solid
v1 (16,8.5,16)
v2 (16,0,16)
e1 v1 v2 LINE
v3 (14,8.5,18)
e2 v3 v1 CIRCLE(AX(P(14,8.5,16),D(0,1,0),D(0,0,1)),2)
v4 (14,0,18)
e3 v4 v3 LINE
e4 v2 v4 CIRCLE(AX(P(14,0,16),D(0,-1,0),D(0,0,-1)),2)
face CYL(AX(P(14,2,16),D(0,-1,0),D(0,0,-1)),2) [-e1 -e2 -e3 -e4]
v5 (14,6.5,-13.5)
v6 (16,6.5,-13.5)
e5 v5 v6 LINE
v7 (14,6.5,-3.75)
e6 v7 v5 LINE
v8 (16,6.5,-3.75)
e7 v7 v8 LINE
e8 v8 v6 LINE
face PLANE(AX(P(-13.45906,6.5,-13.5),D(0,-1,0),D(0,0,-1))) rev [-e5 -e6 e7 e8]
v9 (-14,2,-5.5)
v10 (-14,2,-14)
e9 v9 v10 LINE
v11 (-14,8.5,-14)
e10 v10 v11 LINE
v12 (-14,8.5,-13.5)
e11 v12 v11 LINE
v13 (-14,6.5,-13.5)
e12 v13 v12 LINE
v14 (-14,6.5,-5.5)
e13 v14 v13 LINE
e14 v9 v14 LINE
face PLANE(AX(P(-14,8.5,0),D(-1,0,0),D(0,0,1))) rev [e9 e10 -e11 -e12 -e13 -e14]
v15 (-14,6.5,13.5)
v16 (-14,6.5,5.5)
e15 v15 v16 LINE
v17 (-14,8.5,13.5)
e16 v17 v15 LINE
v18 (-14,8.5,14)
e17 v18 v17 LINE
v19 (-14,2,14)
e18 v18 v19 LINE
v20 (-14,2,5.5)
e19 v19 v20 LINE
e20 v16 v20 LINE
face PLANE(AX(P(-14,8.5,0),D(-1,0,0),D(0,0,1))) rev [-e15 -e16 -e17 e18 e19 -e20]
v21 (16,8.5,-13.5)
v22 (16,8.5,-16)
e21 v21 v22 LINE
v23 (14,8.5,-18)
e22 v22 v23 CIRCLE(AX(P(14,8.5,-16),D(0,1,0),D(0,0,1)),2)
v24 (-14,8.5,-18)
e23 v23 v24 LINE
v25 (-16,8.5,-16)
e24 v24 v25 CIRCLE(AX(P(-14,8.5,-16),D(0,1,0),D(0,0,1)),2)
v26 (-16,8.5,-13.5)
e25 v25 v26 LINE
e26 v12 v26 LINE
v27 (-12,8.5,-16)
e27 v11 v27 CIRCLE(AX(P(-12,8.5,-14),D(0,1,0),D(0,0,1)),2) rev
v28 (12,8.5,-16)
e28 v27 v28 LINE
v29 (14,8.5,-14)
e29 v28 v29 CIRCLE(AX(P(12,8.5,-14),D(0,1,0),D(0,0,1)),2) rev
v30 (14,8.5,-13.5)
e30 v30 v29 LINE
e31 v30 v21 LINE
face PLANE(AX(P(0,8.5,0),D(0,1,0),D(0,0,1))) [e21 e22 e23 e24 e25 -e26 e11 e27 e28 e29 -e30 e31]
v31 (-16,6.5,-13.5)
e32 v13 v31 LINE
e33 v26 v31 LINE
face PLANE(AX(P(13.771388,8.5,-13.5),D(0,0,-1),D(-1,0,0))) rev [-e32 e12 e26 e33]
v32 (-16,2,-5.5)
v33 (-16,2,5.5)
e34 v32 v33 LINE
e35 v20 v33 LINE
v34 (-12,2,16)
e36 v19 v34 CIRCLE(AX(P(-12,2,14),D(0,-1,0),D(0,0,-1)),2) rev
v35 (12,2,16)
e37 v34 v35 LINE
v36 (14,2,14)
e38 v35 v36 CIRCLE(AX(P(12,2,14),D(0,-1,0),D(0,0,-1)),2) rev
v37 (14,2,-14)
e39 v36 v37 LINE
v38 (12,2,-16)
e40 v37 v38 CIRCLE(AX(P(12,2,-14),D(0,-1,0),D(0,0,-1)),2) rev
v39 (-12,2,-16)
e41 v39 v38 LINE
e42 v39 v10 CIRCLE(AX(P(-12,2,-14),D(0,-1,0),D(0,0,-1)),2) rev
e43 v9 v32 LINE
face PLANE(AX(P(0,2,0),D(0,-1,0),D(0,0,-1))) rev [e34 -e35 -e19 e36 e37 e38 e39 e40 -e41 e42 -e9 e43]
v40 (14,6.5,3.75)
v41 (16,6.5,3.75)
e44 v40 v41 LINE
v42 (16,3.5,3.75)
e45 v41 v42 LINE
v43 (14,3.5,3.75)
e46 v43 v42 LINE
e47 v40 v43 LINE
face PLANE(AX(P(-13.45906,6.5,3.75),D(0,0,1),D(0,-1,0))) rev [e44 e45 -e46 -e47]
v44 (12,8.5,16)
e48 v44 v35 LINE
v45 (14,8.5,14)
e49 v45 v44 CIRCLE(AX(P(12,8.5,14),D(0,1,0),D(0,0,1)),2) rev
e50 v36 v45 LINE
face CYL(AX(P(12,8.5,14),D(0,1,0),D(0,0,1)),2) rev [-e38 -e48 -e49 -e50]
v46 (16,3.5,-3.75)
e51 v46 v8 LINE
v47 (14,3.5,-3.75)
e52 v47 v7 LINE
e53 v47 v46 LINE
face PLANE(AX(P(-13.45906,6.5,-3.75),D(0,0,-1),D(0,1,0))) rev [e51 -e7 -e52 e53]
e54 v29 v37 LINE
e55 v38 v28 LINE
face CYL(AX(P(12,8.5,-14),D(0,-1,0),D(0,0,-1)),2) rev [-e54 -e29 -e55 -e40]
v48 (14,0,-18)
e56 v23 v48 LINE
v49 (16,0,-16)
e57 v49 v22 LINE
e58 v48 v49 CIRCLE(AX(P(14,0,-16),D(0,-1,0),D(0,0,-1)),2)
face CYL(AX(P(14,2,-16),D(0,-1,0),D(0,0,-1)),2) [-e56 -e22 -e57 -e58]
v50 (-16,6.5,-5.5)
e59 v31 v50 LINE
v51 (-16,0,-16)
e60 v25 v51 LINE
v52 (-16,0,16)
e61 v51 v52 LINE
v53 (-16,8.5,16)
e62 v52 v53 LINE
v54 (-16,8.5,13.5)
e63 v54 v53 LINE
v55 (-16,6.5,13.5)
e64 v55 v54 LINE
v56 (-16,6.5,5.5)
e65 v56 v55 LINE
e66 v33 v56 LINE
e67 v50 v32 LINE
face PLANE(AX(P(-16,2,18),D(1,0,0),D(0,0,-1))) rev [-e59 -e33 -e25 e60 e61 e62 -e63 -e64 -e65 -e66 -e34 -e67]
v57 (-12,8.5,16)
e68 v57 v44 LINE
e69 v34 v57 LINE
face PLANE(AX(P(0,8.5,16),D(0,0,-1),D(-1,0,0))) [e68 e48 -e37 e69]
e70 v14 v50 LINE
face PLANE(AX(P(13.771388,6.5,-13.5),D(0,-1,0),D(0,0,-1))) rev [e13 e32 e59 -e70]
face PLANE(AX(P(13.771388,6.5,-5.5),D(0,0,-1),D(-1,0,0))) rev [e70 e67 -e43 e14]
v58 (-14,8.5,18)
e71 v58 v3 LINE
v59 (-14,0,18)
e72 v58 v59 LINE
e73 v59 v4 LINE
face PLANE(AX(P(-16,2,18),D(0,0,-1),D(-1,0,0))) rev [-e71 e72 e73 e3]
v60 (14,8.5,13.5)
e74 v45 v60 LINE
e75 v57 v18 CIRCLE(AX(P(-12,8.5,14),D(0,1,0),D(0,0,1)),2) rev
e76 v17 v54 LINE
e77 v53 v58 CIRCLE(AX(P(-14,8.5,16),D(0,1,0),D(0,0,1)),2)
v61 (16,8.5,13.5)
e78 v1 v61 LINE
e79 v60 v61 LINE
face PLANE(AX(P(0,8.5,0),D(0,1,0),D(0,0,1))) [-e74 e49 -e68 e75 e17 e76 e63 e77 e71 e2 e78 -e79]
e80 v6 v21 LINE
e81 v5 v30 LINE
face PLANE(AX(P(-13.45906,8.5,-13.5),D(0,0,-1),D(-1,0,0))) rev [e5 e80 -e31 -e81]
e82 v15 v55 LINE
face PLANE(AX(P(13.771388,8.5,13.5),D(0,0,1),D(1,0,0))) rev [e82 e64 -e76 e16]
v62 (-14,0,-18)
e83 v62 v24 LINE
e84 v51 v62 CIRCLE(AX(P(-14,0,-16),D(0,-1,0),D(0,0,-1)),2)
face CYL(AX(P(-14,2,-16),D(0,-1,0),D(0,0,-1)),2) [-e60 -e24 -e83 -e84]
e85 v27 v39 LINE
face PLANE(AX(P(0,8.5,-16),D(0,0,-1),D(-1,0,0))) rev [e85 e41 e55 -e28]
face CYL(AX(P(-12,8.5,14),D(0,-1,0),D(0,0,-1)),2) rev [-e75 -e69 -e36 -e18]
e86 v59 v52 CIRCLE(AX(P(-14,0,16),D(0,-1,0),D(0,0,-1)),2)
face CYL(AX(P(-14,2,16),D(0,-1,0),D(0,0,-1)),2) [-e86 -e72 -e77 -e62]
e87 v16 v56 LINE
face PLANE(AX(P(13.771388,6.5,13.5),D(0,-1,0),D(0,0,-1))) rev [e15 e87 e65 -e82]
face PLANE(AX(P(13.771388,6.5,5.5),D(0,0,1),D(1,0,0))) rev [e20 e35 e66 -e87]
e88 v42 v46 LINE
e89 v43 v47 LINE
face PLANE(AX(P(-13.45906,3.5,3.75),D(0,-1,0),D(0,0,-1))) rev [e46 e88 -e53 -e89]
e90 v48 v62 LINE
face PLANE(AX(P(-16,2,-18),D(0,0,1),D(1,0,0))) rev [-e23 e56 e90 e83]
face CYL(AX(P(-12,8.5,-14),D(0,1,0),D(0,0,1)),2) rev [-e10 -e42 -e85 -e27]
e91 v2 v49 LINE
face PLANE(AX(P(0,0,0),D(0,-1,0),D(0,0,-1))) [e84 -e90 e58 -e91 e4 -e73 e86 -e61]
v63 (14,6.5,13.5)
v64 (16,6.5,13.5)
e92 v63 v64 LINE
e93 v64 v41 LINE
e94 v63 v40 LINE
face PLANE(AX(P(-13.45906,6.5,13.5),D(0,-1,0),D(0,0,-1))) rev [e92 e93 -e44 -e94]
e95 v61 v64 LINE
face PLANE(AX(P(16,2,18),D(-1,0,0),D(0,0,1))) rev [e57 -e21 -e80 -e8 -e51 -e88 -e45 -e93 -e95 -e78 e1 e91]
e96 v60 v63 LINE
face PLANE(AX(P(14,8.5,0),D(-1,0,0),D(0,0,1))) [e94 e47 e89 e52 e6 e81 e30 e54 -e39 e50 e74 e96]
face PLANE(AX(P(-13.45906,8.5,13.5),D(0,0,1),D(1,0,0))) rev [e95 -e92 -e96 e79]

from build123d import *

# Parameters (mm, degrees)
SKETCH1_W           = 32
SKETCH1_H           = 36
BOSS_EXTRUDE1_DEPTH = 2
SKETCH2_W           = 32
SKETCH2_H           = 36
SKETCH2_W_2         = 28
SKETCH2_H_2         = 32
BOSS_EXTRUDE2_DEPTH = 6.5
CUT_EXTRUDE1_DEPTH  = 2
CUT_EXTRUDE2_DEPTH  = 2
FILLET1_R           = 2


with BuildPart() as part:
    # Sketch1 → Boss-Extrude1 (new body)
    with BuildSketch(Plane(origin=(0, 0, 0), x_dir=(1, 0, 0), z_dir=(0, 1, 0))):
        Rectangle(SKETCH1_W, SKETCH1_H)
    extrude(amount=BOSS_EXTRUDE1_DEPTH)

    # Sketch2 → Boss-Extrude2 (add)
    with BuildSketch(Plane(origin=(0, 2, 0), x_dir=(1, 0, 0), z_dir=(0, 1, 0))):
        Rectangle(SKETCH2_W, SKETCH2_H)
        Rectangle(SKETCH2_W_2, SKETCH2_H_2, mode=Mode.SUBTRACT)
    extrude(amount=BOSS_EXTRUDE2_DEPTH)

    # Sketch3 → Cut-Extrude1 (cut)
    with BuildSketch(Plane.ZY.offset(16)):
        Polygon((-13.5, 8.5), (-13.5, 6.5), (-5.5, 6.5), (-5.5, 2), (5.5, 2), (5.5, 6.5), (13.5, 6.5), (13.5, 8.5), align=None)
    extrude(amount=-CUT_EXTRUDE1_DEPTH, mode=Mode.SUBTRACT)

    # Sketch4 → Cut-Extrude2 (cut)
    with BuildSketch(Plane(origin=(16, 0, 0), x_dir=(0, 0, -1), z_dir=(1, 0, 0))):
        Polygon((-13.5, 8.5), (-13.5, 6.5), (-3.75, 6.5), (-3.75, 3.5), (3.75, 3.5), (3.75, 6.5), (13.5, 6.5), (13.5, 8.5), align=None)
    extrude(amount=-CUT_EXTRUDE2_DEPTH, mode=Mode.SUBTRACT)

    # Fillet1
    fillet1_edges = [part.edges().sort_by_distance(p)[0] for p in [
        (14, 5.25, -16),
        (14, 5.25, 16),
        (-14, 5.25, 16),
        (-14, 5.25, -16),
        (16, 4.25, 18),
        (-16, 4.25, 18),
        (-16, 4.25, -18),
        (16, 4.25, -18),
    ]]
    fillet(fillet1_edges, radius=FILLET1_R)


solid = part.part
